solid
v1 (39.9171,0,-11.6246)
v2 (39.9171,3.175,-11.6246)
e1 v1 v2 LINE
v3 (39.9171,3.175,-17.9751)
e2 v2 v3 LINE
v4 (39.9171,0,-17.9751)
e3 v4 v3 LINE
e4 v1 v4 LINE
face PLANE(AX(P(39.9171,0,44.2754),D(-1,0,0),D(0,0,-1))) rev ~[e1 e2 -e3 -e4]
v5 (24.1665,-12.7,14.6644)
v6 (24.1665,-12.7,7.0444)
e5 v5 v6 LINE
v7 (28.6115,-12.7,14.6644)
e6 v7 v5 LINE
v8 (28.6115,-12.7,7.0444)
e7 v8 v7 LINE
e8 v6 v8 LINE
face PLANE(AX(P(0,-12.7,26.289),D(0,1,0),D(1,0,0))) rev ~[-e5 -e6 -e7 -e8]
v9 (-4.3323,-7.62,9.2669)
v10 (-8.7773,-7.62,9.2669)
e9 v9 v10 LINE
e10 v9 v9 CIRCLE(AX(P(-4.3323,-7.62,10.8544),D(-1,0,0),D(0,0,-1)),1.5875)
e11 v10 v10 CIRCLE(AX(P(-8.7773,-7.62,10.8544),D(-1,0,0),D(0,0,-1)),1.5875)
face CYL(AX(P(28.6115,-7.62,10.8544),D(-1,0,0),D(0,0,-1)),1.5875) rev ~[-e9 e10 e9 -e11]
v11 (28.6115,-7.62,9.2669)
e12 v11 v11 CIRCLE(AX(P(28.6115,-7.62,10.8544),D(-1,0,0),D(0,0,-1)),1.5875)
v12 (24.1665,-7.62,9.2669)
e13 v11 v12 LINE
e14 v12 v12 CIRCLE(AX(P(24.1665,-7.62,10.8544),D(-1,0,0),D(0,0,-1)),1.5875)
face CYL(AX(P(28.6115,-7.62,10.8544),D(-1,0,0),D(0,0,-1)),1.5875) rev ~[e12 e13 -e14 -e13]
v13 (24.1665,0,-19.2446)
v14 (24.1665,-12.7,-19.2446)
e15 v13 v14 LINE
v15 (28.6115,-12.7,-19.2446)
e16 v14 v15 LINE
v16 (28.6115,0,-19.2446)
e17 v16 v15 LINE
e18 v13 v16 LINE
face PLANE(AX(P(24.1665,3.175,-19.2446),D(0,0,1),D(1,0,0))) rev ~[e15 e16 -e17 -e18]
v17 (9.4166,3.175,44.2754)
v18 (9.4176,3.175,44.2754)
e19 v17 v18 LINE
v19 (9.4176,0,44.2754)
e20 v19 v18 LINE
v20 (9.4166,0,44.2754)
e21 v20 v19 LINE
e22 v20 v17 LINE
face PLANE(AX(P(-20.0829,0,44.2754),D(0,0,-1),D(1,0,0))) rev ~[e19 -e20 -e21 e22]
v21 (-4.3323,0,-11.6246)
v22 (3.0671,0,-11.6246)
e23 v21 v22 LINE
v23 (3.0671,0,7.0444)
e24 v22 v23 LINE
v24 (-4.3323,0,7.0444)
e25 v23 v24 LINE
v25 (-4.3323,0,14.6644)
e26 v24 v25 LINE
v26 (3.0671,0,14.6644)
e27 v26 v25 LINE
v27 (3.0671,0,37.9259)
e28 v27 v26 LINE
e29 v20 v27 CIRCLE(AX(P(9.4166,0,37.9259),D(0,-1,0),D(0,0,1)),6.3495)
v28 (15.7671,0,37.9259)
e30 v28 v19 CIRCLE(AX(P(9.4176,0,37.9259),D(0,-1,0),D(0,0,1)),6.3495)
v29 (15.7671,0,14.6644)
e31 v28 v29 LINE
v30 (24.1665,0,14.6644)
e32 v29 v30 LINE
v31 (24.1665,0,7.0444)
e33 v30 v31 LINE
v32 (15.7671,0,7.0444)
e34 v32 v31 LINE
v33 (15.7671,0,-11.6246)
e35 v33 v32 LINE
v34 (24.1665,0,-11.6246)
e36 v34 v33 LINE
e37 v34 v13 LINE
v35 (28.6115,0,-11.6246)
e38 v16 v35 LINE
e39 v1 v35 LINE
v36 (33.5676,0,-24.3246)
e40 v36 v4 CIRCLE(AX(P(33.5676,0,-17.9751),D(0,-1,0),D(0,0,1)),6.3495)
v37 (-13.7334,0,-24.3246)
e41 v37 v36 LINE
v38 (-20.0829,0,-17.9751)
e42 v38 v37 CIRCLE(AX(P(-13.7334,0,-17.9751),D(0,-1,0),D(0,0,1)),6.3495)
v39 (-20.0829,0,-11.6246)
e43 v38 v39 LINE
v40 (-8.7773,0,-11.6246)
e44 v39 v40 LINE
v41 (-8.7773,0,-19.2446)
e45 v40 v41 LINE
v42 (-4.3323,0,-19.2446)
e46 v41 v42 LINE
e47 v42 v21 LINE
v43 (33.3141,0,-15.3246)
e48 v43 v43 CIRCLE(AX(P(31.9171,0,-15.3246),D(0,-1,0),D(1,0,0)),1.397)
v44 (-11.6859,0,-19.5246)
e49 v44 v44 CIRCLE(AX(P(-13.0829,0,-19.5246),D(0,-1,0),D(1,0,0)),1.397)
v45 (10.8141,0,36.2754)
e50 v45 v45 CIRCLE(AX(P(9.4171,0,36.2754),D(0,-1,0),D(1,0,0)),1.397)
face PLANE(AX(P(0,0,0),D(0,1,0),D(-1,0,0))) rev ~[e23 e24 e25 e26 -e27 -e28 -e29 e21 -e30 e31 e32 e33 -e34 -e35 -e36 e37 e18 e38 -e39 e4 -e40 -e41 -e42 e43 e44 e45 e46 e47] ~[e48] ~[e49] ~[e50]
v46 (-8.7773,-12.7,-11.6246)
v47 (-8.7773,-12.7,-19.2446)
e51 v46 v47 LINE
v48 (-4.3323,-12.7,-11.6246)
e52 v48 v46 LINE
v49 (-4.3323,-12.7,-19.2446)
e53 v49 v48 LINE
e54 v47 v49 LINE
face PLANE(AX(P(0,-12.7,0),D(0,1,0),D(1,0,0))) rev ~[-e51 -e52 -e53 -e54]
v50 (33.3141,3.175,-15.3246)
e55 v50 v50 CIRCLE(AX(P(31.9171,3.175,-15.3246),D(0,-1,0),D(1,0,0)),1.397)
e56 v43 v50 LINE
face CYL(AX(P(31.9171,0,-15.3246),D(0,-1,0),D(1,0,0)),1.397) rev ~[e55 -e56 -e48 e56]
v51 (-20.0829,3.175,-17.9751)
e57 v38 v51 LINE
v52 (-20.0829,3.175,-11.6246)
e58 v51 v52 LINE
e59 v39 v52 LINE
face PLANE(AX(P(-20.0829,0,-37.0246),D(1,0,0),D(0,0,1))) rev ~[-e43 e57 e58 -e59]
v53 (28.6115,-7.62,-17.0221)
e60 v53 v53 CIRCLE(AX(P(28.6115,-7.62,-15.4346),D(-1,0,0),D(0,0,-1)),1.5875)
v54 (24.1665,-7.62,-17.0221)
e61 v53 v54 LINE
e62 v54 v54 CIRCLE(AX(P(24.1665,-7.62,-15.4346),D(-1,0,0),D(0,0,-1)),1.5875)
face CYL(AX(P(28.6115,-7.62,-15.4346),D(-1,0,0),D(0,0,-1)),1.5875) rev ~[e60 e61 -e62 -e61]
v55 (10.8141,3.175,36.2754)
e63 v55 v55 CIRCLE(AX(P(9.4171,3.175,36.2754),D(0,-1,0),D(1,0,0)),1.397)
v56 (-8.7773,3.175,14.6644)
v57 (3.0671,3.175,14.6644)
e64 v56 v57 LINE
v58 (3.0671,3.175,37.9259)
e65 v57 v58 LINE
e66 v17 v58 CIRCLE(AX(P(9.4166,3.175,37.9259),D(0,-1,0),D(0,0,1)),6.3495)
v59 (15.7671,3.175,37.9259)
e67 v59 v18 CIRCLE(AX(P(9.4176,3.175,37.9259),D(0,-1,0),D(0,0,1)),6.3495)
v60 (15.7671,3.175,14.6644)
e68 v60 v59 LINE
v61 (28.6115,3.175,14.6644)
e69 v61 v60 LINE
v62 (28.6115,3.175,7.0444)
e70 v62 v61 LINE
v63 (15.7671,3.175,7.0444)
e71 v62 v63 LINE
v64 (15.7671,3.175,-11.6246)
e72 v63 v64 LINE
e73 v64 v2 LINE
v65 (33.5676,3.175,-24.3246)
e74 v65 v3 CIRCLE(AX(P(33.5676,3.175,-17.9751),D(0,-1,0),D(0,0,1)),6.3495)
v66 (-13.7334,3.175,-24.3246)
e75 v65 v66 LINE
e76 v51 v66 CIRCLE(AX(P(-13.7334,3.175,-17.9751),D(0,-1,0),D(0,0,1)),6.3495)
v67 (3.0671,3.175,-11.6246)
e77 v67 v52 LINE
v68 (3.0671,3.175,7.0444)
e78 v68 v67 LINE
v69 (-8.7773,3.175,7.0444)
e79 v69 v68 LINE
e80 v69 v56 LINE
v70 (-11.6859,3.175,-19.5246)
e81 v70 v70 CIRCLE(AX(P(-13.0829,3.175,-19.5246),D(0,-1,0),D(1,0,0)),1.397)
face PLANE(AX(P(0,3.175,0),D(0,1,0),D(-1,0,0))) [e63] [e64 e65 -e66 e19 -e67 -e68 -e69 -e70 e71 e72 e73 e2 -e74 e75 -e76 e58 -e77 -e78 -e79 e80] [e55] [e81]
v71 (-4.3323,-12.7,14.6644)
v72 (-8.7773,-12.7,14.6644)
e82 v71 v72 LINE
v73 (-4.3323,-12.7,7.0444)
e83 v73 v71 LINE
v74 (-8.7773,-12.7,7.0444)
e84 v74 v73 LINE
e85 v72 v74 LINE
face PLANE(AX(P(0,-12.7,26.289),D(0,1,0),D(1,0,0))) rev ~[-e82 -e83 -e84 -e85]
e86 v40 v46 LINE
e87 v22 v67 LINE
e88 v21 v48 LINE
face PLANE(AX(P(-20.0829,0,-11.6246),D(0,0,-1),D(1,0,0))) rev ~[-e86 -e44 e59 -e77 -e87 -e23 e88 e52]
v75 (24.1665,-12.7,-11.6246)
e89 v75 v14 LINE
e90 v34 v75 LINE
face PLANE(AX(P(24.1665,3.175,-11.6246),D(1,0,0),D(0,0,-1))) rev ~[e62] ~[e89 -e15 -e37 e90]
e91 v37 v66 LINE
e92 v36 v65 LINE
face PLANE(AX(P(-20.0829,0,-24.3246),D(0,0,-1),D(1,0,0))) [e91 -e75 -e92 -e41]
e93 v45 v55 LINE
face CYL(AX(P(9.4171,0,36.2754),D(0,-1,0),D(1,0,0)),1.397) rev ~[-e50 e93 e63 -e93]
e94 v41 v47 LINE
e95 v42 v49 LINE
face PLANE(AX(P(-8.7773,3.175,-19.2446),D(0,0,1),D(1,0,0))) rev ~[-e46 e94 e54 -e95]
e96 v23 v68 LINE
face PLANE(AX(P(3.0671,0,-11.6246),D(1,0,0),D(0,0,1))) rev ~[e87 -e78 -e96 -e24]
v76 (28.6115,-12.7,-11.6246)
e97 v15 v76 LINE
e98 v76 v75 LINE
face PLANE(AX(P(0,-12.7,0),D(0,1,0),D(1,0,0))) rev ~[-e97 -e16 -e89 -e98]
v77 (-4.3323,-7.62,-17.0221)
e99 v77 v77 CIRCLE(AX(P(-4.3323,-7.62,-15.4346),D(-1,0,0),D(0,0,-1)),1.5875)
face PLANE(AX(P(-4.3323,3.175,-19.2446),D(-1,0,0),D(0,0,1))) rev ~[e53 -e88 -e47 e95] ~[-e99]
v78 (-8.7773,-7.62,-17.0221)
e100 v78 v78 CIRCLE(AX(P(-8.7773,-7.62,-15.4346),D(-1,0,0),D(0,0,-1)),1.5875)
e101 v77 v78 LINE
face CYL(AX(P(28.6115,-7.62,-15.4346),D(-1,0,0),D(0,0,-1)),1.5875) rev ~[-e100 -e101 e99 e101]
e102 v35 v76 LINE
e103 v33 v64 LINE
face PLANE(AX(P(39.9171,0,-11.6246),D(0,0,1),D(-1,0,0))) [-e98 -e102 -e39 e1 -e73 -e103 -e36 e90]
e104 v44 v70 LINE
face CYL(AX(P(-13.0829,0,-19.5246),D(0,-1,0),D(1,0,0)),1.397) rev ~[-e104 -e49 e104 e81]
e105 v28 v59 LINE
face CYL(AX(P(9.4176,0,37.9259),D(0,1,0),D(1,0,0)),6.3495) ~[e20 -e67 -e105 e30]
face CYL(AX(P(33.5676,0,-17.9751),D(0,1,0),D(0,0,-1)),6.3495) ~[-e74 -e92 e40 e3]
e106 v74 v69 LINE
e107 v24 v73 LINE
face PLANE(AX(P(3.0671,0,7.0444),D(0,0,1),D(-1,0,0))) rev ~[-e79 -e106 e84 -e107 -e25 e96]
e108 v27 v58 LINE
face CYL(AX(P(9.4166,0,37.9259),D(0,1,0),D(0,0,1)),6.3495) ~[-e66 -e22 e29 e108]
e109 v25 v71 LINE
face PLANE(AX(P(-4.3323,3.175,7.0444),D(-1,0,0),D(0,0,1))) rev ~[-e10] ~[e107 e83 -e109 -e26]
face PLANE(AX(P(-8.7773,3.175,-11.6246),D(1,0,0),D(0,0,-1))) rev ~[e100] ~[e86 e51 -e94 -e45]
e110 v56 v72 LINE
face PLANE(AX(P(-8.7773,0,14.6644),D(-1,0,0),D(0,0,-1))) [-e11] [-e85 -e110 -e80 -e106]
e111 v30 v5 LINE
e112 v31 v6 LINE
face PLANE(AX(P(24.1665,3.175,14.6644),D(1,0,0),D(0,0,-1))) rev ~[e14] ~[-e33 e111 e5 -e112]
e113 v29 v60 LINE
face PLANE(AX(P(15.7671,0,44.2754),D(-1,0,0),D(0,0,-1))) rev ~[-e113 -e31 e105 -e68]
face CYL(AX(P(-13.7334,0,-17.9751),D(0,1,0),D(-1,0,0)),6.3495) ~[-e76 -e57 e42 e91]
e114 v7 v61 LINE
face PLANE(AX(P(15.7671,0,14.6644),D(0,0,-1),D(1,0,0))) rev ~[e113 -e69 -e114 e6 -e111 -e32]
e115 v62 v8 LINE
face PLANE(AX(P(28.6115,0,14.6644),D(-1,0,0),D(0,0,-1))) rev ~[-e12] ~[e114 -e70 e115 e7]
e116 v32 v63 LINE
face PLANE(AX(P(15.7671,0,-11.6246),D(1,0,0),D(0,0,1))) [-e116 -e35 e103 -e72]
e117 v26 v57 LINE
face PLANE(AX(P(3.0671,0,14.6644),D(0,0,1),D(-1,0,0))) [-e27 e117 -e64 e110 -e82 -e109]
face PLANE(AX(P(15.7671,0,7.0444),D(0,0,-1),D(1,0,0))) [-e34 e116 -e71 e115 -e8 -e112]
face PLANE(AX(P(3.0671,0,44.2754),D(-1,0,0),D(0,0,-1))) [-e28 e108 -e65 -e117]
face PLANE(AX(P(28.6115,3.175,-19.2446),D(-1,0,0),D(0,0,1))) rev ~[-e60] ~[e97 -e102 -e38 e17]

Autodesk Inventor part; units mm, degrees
ref_plane "YZ Plane" through (0, 0, 0) normal (1, 0, 0) x (0, 1, 0)
ref_plane "XZ Plane" through (0, 0, 0) normal (0, 1, 0) x (-1, 0, 0)
ref_plane "XY Plane" through (0, 0, 0) normal (0, 0, 1) x (1, 0, 0)
sketch "Sketch1" plane through (0, 0, 0) normal (0, 1, 0) x (-1, 0, 0)
  line L0 (20.0829, 44.2754) -> (-39.9171, 44.2754)
  line L1 (-39.9171, 44.2754) -> (-39.9171, -37.0246)
  line L2 (-39.9171, -37.0246) -> (20.0829, -37.0246)
  line L3 (20.0829, -37.0246) -> (20.0829, 44.2754)
  point P0 (0, 0)
  dimension "d0" = 60
  dimension "d1" = 81.3
extrude "Extrusion1" add sketch "Sketch1" along normal blind 3.175
sketch "Sketch8" plane through (0, 0, 0) normal (0, -1, 0) x (1, 0, 0)
  circle A0 centre (9.4171, 36.2754) radius 1.397
  circle A1 centre (-13.0829, -19.5246) radius 1.397
  circle A2 centre (31.9171, -15.3246) radius 1.397
  line L0 (39.9171, 44.2754) -> (39.9171, -37.0246) projected
  line L1 (39.9171, -37.0246) -> (-20.0829, -37.0246) projected
  point P0 (0, 0)
  point P1 (39.9171, 42.2754)
  point P2 (39.9171, -35.0246)
  point P3 (37.9171, -37.0246)
  point P4 (-18.0829, -37.0246)
  dimension "d76" = 8
  dimension "d77" = 21.7
  dimension "d78" = 4.2
  dimension "d79" = 45
  dimension "d80" = 22.5
  dimension "d81" = 51.6
  dimension "d97" = 2.794
extrude "Extrusion6" cut sketch "Sketch8" against normal blind 4
sketch "Sketch9" plane through (0, 0, 0) normal (0, -1, 0) x (1, 0, 0)
  line L0 (39.9171, -37.0246) -> (-20.0829, -37.0246) projected
  line L1 (-20.0829, -24.3246) -> (39.9171, -24.3246)
  line L2 (39.9171, -24.3246) -> (39.9171, -37.0246)
  line L3 (39.9171, -37.0246) -> (-20.0829, -37.0246)
  line L4 (-20.0829, -37.0246) -> (-20.0829, -24.3246)
  line L5 (39.9171, 44.2754) -> (39.9171, -37.0246) projected
  line L6 (39.9171, -11.6246) -> (15.7671, -11.6246)
  line L7 (15.7671, -11.6246) -> (15.7671, 7.0444)
  line L8 (15.7671, 7.0444) -> (39.9171, 7.0444)
  line L9 (39.9171, 7.0444) -> (39.9171, -11.6246)
  line L10 (-20.0829, -11.6246) -> (3.0671, -11.6246)
  line L11 (3.0671, -11.6246) -> (3.0671, 7.0444)
  line L12 (3.0671, 7.0444) -> (-20.0829, 7.0444)
  line L13 (-20.0829, 7.0444) -> (-20.0829, -11.6246)
  circle A0 centre (9.4171, 36.2754) radius 1.397 construction
  line L14 (9.4171, 36.2754) -> (9.4171, 34.8784) construction
  line L15 (-20.0829, 44.2754) -> (39.9171, 44.2754) construction
  line L16 (-20.0829, -37.0246) -> (-20.0829, 44.2754) projected
  line L17 (-20.0829, -37.0246) -> (-20.0829, 44.2754) projected
  line L18 (-20.0829, 44.2754) -> (3.0671, 44.2754)
  line L19 (3.0671, 44.2754) -> (3.0671, 14.6644)
  line L20 (3.0671, 14.6644) -> (-20.0829, 14.6644)
  line L21 (-20.0829, 14.6644) -> (-20.0829, 44.2754)
  line L22 (-20.0829, 44.2754) -> (39.9171, 44.2754) projected
  line L23 (15.7671, 14.6644) -> (39.9171, 14.6644)
  line L24 (39.9171, 14.6644) -> (39.9171, 44.2754)
  line L25 (39.9171, 44.2754) -> (15.7671, 44.2754)
  line L26 (15.7671, 44.2754) -> (15.7671, 14.6644)
  line L27 (-20.0829, 14.6644) -> (-8.7773, 14.6644)
  line L28 (-8.7773, 14.6644) -> (-8.7773, 7.0444)
  line L29 (-8.7773, 7.0444) -> (-20.0829, 7.0444)
  line L30 (-20.0829, 7.0444) -> (-20.0829, 14.6644)
  line L31 (39.9171, 14.6644) -> (28.6115, 14.6644)
  line L32 (28.6115, 14.6644) -> (28.6115, 7.0444)
  line L33 (28.6115, 7.0444) -> (39.9171, 7.0444)
  line L34 (39.9171, 7.0444) -> (39.9171, 14.6644)
  line L35 (9.9171, 44.2754) -> (9.9171, -37.0246) construction
  point P0 (0, 0)
  point P1 (3.0671, -2.2901)
  point P2 (39.9171, 7.0444)
  point P3 (-8.7773, 14.6644)
  point P4 (28.6115, 14.6644)
  dimension "d98" = 12.7
  dimension "d99" = 12.7
  dimension "d100" = 12.7
  dimension "d142" = 18.669
  dimension "d143" = 7.62
  dimension "d144" = 37.3888
sketch "Sketch11" plane through (0, 3.175, 0) normal (0, 1, 0) x (1, 0, 0)
  line L0 (3.0671, 11.6246) -> (-20.0829, 11.6246) projected
  line L1 (-8.7773, 19.2446) -> (-4.3323, 19.2446)
  line L2 (-4.3323, 19.2446) -> (-4.3323, 11.6246)
  line L3 (-4.3323, 11.6246) -> (-8.7773, 11.6246)
  line L4 (-8.7773, 11.6246) -> (-8.7773, 19.2446)
  line L5 (39.9171, 11.6246) -> (15.7671, 11.6246) projected
  line L6 (24.1665, 19.2446) -> (28.6115, 19.2446)
  line L7 (28.6115, 19.2446) -> (28.6115, 11.6246)
  line L8 (28.6115, 11.6246) -> (24.1665, 11.6246)
  line L9 (24.1665, 11.6246) -> (24.1665, 19.2446)
  line L10 (39.9171, 24.3246) -> (-20.0829, 24.3246) construction
  line L11 (9.9171, 24.3246) -> (9.9171, -44.2754) construction
  line L12 (-20.0829, -44.2754) -> (39.9171, -44.2754) construction
  point P0 (0, 0)
  dimension "d115" = 28.4988
  dimension "d116" = 7.62
  dimension "d117" = 4.445
extrude "Extrusion9" add sketch "Sketch11" against normal blind 15.875
sketch "Sketch12" plane through (28.6115, 3.175, -11.6246) normal (1, 0, 0) x (0, 0, 1)
  line L0 (-7.62, 15.875) -> (0, 15.875) projected
  line L1 (-7.62, 3.175) -> (-7.62, 15.875) projected
  point P0 (11.6246, 3.175)
  point P1 (-3.81, 10.795)
  point P2 (7.62, 0)
  dimension "d130" = 5.08
  dimension "d148" = 3.81
hole "Hole1" at (28.6115, -7.62, -15.4346) direction (-1, 0, 0) diameter 3.175 depth 37.3888
pattern_linear "Rectangular Pattern1" count 2 spacing 26.289 along (0, 0, 1) of "Extrusion9", "Hole1"
extrude "Extrusion10" cut sketch "Sketch9" against normal blind 25.4 contours L0 L4 L1 L2 | L6 L7 L8 L5 | L13 L12 L11 L10 | L8 L32 L23 L5 | L16 L20 L28 L12 | L23 L26 L22 L5 | L16 L18 L19 L20
fillet "Fillet2" radius 6.35 4 edges at (3.0671, 1.5875, 44.2754) (15.7671, 1.5875, 44.2754) (-20.0829, 1.5875, -24.3246) (39.9171, 1.5875, -24.3246)
properties part number "TALLER_SkyhopperMount"
